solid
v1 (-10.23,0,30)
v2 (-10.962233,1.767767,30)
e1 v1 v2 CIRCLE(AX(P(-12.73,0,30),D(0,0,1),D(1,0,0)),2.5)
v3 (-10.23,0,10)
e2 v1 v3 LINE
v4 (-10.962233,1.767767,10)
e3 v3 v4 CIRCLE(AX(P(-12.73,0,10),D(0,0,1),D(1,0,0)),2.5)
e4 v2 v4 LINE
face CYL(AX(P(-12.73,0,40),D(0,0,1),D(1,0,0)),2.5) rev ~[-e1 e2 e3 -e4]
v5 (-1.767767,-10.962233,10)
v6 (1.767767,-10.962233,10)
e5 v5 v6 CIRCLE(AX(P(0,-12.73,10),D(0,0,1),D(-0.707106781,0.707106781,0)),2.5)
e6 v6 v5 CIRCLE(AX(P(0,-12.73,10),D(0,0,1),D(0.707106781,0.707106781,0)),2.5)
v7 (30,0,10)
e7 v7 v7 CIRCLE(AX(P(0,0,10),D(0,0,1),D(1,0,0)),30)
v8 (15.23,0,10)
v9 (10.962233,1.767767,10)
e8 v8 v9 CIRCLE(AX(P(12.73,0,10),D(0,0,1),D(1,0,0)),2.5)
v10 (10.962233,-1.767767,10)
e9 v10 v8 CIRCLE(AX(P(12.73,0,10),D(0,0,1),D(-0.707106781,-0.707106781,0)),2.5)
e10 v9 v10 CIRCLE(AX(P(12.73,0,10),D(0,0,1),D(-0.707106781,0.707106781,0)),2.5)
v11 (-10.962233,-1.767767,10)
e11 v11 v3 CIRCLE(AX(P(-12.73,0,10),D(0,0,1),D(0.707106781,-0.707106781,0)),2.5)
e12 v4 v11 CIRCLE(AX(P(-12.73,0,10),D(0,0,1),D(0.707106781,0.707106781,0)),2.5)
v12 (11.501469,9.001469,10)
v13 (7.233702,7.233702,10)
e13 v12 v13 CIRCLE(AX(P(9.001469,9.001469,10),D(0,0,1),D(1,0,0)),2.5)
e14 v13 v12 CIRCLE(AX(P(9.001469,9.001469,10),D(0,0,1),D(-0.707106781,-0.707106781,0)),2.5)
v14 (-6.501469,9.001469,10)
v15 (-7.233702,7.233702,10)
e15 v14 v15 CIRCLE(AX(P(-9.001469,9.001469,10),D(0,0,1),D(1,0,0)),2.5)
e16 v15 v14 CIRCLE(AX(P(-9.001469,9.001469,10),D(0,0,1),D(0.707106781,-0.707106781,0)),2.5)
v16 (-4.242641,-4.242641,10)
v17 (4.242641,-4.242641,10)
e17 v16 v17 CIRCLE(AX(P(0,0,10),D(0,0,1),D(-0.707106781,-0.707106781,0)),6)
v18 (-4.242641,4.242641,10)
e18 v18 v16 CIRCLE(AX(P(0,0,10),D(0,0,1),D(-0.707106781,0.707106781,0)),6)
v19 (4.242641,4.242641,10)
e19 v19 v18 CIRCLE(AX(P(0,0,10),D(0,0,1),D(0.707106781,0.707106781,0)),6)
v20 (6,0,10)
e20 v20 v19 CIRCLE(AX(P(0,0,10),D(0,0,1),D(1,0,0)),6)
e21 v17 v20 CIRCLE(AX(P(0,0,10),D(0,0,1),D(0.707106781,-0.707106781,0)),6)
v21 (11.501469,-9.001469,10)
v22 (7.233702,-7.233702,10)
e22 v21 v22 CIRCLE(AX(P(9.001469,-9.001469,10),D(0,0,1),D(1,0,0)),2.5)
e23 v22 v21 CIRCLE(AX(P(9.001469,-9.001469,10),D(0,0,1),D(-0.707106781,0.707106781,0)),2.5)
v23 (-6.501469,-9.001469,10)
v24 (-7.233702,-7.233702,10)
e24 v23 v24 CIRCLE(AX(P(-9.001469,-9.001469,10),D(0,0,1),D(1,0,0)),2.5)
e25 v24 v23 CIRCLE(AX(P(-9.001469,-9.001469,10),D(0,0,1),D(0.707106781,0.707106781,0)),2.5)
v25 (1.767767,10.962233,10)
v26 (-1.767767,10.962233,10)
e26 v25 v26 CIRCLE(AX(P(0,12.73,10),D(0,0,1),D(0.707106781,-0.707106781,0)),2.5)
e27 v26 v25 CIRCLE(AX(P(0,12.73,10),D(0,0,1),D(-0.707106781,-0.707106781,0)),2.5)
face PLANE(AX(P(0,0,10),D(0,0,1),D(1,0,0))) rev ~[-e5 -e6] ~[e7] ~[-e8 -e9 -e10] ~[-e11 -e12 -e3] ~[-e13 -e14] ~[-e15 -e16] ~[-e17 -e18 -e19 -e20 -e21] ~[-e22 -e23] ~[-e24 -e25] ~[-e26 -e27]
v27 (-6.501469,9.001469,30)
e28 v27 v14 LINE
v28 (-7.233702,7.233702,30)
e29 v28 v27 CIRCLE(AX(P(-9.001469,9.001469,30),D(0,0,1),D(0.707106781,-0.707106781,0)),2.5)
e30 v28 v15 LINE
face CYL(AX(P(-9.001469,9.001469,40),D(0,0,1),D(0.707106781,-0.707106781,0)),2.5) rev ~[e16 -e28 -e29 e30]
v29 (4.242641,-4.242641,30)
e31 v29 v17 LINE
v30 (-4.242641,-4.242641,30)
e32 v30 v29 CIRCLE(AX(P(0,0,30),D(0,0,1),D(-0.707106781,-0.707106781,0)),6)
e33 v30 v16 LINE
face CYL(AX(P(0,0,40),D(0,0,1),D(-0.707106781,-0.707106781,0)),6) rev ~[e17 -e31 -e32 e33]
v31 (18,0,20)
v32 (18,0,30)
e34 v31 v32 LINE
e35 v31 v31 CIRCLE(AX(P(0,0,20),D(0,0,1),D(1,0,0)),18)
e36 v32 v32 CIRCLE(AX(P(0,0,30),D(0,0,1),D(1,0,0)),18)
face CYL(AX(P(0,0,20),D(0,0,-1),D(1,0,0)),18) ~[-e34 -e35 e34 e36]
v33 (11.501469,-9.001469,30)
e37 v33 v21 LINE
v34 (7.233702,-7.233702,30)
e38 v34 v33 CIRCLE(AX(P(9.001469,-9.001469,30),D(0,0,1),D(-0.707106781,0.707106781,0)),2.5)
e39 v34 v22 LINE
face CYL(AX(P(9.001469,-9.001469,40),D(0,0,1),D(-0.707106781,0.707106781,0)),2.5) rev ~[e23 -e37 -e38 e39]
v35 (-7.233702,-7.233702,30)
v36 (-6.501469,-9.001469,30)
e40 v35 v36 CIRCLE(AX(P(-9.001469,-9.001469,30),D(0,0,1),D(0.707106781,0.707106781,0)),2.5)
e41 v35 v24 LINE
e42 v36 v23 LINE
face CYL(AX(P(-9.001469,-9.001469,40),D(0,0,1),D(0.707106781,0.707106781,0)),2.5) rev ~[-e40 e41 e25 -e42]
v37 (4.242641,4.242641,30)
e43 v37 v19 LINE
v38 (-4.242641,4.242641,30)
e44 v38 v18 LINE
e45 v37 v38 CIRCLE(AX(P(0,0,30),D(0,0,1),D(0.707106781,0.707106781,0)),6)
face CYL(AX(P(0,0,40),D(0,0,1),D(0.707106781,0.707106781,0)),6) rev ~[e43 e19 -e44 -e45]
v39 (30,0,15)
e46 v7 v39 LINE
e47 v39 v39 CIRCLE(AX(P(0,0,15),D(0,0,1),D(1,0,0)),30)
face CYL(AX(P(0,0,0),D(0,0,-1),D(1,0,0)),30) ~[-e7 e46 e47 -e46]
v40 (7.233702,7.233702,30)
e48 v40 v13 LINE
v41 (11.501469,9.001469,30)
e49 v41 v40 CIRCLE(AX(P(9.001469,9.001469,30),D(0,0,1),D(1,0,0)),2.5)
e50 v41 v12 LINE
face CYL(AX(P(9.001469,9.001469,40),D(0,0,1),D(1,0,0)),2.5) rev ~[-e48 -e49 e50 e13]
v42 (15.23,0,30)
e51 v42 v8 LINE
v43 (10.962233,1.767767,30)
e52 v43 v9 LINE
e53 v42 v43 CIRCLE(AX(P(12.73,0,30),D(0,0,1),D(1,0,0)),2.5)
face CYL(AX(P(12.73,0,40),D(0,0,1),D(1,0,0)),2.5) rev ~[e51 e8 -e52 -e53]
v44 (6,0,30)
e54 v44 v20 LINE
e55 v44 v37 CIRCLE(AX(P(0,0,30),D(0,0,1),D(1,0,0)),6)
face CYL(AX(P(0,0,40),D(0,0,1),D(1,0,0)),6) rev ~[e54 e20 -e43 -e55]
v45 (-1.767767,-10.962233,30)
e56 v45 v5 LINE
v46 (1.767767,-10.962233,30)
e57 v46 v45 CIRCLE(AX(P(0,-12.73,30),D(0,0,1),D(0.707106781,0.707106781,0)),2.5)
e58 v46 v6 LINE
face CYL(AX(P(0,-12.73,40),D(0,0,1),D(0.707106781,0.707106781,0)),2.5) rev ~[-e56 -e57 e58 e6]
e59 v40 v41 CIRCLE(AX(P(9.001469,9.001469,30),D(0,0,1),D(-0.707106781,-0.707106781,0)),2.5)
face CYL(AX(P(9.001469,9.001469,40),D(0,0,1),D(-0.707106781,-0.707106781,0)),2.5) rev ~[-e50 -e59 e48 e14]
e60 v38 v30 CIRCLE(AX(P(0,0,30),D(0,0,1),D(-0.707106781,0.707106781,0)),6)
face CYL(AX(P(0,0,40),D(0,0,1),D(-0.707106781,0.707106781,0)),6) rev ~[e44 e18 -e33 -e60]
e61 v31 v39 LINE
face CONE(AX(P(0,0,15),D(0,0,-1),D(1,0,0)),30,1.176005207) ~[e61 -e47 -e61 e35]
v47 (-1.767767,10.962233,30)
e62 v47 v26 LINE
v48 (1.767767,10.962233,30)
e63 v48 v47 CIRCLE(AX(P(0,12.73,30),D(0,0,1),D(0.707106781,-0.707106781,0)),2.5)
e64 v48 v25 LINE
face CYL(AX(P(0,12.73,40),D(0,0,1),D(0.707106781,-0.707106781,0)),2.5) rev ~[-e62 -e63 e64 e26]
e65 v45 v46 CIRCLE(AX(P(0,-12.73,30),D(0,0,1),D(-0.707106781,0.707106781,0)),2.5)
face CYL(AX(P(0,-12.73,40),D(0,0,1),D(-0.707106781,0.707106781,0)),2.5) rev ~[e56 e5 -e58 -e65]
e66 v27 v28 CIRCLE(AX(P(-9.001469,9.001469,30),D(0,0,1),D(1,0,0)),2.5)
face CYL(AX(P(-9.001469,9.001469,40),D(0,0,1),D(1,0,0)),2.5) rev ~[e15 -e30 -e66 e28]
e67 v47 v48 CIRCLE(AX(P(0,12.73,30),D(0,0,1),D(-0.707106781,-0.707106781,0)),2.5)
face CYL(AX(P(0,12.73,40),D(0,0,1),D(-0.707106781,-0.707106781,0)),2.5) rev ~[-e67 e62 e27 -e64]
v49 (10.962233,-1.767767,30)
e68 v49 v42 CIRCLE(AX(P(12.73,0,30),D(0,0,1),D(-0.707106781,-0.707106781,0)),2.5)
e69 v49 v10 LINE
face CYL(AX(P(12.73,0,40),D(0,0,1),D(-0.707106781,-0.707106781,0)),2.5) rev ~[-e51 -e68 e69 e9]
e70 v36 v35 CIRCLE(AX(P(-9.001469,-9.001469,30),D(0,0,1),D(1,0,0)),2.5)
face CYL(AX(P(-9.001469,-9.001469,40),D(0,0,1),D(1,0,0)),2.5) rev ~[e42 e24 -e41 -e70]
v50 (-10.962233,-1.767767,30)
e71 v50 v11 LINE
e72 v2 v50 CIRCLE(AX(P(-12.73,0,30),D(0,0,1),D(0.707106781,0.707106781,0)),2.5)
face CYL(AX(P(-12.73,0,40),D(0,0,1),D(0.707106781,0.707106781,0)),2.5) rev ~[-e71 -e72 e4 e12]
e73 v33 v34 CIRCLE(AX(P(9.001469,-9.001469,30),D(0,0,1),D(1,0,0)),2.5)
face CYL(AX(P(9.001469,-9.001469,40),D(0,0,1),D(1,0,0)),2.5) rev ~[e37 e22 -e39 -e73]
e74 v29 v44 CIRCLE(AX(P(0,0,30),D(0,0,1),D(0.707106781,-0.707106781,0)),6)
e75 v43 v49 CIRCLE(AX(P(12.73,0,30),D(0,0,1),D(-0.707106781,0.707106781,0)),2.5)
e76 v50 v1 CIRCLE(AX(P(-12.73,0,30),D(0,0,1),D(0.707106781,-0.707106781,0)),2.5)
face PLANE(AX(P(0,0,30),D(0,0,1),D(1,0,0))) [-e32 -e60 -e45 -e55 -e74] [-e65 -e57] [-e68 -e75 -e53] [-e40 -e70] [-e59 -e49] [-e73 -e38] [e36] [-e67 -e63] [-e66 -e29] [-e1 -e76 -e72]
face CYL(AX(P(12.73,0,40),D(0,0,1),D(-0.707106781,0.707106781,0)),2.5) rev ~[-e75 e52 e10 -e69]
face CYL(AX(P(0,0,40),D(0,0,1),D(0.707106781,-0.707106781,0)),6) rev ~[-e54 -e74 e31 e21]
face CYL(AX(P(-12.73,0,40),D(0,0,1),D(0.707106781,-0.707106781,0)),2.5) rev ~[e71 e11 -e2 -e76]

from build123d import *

# Parameters (mm, degrees)
F0_R     = 30
F1_DEPTH = 20
F2_SIZE2 = 5
F2_SIZE  = 12
F3_DEPTH = 20
F5_DEPTH = 50
F6_DEPTH = 10
F7_DEPTH = 10


with BuildPart() as f1:
    # F0 (on Top) → F1 (new body)
    with BuildSketch(Plane.XY):
        Circle(F0_R)
    extrude(amount=F1_DEPTH)

    # F2
    f2_edges = [f1.edges().sort_by_distance(p)[0] for p in [
        (-30, 0, 20),
    ]]
    f2_side = f1.faces().sort_by_distance((0, 0, 20))[0]
    chamfer(f2_edges, length=F2_SIZE, length2=F2_SIZE2, reference=f2_side)

    # F3 (add): a face of the model
    f3_faces = [f1.faces().sort_by_distance(p)[0] for p in [
        (0, 0, 20),
    ]]
    extrude(f3_faces, amount=F3_DEPTH)

    # F4 (on face) → F5 (cut)
    with BuildSketch(Plane.XY.offset(40)):
        with BuildLine():
            Line((-12.73, 0), (-10.962233047, 1.767766953))
            ThreePointArc((-10.962233047, 1.767766953), (-15.23, 0), (-10.962233047, -1.767766953))
            Line((-10.962233047, -1.767766953), (-12.73, 0))
        make_face()
        with BuildLine():
            ThreePointArc((-10.23, 0), (-10.4203011687, 0.9567085809), (-10.962233047, 1.767766953))
            Line((-10.962233047, 1.767766953), (-12.73, 0))
            Line((-12.73, 0), (-10.962233047, -1.767766953))
            ThreePointArc((-10.962233047, -1.767766953), (-10.4203011687, -0.9567085809), (-10.23, 0))
        make_face()
        with BuildLine():
            Line((0, 0), (4.2426406871, 4.2426406871))
            ThreePointArc((4.2426406871, 4.2426406871), (0, 6), (-4.2426406871, 4.2426406871))
            Line((-4.2426406871, 4.2426406871), (0, 0))
        make_face()
        with BuildLine():
            Line((0, 0), (-4.2426406871, 4.2426406871))
            ThreePointArc((-4.2426406871, 4.2426406871), (-6, 0), (-4.2426406871, -4.2426406871))
            Line((-4.2426406871, -4.2426406871), (0, 0))
        make_face()
        with BuildLine():
            ThreePointArc((-4.2426406871, -4.2426406871), (0, -6), (4.2426406871, -4.2426406871))
            Line((4.2426406871, -4.2426406871), (0, 0))
            Line((0, 0), (-4.2426406871, -4.2426406871))
        make_face()
        with BuildLine():
            ThreePointArc((4.2426406871, -4.2426406871), (5.5432771951, -2.2961005942), (6, 0))
            ThreePointArc((6, 0), (5.5432771951, 2.2961005942), (4.2426406871, 4.2426406871))
            Line((4.2426406871, 4.2426406871), (0, 0))
            Line((0, 0), (4.2426406871, -4.2426406871))
        make_face()
        with BuildLine():
            ThreePointArc((-1.767766953, 10.962233047), (0, 10.23), (1.767766953, 10.962233047))
            Line((1.767766953, 10.962233047), (0, 12.73))
            Line((0, 12.73), (-1.767766953, 10.962233047))
        make_face()
        with BuildLine():
            Line((0, 12.73), (1.767766953, 10.962233047))
            ThreePointArc((1.767766953, 10.962233047), (2.3096988313, 11.7732914191), (2.5, 12.73))
            ThreePointArc((2.5, 12.73), (-0.9567085809, 15.0396988313), (-1.767766953, 10.962233047))
            Line((-1.767766953, 10.962233047), (0, 12.73))
        make_face()
        with BuildLine():
            Line((12.73, 0), (10.962233047, 1.767766953))
            ThreePointArc((10.962233047, 1.767766953), (10.23, 0), (10.962233047, -1.767766953))
            Line((10.962233047, -1.767766953), (12.73, 0))
        make_face()
        with BuildLine():
            ThreePointArc((15.23, 0), (13.6867085809, 2.3096988313), (10.962233047, 1.767766953))
            Line((10.962233047, 1.767766953), (12.73, 0))
            Line((12.73, 0), (10.962233047, -1.767766953))
            ThreePointArc((10.962233047, -1.767766953), (13.6867085809, -2.3096988313), (15.23, 0))
        make_face()
        with BuildLine():
            Line((0, -12.73), (1.767766953, -10.962233047))
            ThreePointArc((1.767766953, -10.962233047), (0, -10.23), (-1.767766953, -10.962233047))
            Line((-1.767766953, -10.962233047), (0, -12.73))
        make_face()
        with BuildLine():
            ThreePointArc((2.5, -12.73), (2.3096988313, -11.7732914191), (1.767766953, -10.962233047))
            Line((1.767766953, -10.962233047), (0, -12.73))
            Line((0, -12.73), (-1.767766953, -10.962233047))
            ThreePointArc((-1.767766953, -10.962233047), (-0.9567085809, -15.0396988313), (2.5, -12.73))
        make_face()
        with BuildLine():
            ThreePointArc((11.5014693245, 9.0014693245), (8.0447607436, 11.3111681558), (7.2337023715, 7.2337023715))
            ThreePointArc((7.2337023715, 7.2337023715), (9.9581779054, 6.6917704932), (11.5014693245, 9.0014693245))
        make_face()
        with BuildLine():
            ThreePointArc((-6.5014693245, 9.0014693245), (-11.3111681558, 9.9581779054), (-7.2337023715, 7.2337023715))
            ThreePointArc((-7.2337023715, 7.2337023715), (-6.6917704932, 8.0447607436), (-6.5014693245, 9.0014693245))
        make_face()
        with BuildLine():
            ThreePointArc((-6.5014693245, -9.0014693245), (-6.6917704932, -8.0447607436), (-7.2337023715, -7.2337023715))
            ThreePointArc((-7.2337023715, -7.2337023715), (-11.3111681558, -9.9581779054), (-6.5014693245, -9.0014693245))
        make_face()
        with BuildLine():
            ThreePointArc((11.5014693245, -9.0014693245), (9.9581779054, -6.6917704932), (7.2337023715, -7.2337023715))
            ThreePointArc((7.2337023715, -7.2337023715), (8.0447607436, -11.3111681558), (11.5014693245, -9.0014693245))
        make_face()
    extrude(amount=-F5_DEPTH, mode=Mode.SUBTRACT)

    # F6 (cut): a face of the model
    f6_faces = [f1.faces().sort_by_distance(p)[0] for p in [
        (-17.4908831175, 0, 40),
    ]]
    extrude(f6_faces, amount=-F6_DEPTH, mode=Mode.SUBTRACT)

    # F7 (cut): a face of the model
    f7_faces = [f1.faces().sort_by_distance(p)[0] for p in [
        (-29.1514718626, 0, 0),
    ]]
    extrude(f7_faces, amount=-F7_DEPTH, mode=Mode.SUBTRACT)


solid = f1.part
